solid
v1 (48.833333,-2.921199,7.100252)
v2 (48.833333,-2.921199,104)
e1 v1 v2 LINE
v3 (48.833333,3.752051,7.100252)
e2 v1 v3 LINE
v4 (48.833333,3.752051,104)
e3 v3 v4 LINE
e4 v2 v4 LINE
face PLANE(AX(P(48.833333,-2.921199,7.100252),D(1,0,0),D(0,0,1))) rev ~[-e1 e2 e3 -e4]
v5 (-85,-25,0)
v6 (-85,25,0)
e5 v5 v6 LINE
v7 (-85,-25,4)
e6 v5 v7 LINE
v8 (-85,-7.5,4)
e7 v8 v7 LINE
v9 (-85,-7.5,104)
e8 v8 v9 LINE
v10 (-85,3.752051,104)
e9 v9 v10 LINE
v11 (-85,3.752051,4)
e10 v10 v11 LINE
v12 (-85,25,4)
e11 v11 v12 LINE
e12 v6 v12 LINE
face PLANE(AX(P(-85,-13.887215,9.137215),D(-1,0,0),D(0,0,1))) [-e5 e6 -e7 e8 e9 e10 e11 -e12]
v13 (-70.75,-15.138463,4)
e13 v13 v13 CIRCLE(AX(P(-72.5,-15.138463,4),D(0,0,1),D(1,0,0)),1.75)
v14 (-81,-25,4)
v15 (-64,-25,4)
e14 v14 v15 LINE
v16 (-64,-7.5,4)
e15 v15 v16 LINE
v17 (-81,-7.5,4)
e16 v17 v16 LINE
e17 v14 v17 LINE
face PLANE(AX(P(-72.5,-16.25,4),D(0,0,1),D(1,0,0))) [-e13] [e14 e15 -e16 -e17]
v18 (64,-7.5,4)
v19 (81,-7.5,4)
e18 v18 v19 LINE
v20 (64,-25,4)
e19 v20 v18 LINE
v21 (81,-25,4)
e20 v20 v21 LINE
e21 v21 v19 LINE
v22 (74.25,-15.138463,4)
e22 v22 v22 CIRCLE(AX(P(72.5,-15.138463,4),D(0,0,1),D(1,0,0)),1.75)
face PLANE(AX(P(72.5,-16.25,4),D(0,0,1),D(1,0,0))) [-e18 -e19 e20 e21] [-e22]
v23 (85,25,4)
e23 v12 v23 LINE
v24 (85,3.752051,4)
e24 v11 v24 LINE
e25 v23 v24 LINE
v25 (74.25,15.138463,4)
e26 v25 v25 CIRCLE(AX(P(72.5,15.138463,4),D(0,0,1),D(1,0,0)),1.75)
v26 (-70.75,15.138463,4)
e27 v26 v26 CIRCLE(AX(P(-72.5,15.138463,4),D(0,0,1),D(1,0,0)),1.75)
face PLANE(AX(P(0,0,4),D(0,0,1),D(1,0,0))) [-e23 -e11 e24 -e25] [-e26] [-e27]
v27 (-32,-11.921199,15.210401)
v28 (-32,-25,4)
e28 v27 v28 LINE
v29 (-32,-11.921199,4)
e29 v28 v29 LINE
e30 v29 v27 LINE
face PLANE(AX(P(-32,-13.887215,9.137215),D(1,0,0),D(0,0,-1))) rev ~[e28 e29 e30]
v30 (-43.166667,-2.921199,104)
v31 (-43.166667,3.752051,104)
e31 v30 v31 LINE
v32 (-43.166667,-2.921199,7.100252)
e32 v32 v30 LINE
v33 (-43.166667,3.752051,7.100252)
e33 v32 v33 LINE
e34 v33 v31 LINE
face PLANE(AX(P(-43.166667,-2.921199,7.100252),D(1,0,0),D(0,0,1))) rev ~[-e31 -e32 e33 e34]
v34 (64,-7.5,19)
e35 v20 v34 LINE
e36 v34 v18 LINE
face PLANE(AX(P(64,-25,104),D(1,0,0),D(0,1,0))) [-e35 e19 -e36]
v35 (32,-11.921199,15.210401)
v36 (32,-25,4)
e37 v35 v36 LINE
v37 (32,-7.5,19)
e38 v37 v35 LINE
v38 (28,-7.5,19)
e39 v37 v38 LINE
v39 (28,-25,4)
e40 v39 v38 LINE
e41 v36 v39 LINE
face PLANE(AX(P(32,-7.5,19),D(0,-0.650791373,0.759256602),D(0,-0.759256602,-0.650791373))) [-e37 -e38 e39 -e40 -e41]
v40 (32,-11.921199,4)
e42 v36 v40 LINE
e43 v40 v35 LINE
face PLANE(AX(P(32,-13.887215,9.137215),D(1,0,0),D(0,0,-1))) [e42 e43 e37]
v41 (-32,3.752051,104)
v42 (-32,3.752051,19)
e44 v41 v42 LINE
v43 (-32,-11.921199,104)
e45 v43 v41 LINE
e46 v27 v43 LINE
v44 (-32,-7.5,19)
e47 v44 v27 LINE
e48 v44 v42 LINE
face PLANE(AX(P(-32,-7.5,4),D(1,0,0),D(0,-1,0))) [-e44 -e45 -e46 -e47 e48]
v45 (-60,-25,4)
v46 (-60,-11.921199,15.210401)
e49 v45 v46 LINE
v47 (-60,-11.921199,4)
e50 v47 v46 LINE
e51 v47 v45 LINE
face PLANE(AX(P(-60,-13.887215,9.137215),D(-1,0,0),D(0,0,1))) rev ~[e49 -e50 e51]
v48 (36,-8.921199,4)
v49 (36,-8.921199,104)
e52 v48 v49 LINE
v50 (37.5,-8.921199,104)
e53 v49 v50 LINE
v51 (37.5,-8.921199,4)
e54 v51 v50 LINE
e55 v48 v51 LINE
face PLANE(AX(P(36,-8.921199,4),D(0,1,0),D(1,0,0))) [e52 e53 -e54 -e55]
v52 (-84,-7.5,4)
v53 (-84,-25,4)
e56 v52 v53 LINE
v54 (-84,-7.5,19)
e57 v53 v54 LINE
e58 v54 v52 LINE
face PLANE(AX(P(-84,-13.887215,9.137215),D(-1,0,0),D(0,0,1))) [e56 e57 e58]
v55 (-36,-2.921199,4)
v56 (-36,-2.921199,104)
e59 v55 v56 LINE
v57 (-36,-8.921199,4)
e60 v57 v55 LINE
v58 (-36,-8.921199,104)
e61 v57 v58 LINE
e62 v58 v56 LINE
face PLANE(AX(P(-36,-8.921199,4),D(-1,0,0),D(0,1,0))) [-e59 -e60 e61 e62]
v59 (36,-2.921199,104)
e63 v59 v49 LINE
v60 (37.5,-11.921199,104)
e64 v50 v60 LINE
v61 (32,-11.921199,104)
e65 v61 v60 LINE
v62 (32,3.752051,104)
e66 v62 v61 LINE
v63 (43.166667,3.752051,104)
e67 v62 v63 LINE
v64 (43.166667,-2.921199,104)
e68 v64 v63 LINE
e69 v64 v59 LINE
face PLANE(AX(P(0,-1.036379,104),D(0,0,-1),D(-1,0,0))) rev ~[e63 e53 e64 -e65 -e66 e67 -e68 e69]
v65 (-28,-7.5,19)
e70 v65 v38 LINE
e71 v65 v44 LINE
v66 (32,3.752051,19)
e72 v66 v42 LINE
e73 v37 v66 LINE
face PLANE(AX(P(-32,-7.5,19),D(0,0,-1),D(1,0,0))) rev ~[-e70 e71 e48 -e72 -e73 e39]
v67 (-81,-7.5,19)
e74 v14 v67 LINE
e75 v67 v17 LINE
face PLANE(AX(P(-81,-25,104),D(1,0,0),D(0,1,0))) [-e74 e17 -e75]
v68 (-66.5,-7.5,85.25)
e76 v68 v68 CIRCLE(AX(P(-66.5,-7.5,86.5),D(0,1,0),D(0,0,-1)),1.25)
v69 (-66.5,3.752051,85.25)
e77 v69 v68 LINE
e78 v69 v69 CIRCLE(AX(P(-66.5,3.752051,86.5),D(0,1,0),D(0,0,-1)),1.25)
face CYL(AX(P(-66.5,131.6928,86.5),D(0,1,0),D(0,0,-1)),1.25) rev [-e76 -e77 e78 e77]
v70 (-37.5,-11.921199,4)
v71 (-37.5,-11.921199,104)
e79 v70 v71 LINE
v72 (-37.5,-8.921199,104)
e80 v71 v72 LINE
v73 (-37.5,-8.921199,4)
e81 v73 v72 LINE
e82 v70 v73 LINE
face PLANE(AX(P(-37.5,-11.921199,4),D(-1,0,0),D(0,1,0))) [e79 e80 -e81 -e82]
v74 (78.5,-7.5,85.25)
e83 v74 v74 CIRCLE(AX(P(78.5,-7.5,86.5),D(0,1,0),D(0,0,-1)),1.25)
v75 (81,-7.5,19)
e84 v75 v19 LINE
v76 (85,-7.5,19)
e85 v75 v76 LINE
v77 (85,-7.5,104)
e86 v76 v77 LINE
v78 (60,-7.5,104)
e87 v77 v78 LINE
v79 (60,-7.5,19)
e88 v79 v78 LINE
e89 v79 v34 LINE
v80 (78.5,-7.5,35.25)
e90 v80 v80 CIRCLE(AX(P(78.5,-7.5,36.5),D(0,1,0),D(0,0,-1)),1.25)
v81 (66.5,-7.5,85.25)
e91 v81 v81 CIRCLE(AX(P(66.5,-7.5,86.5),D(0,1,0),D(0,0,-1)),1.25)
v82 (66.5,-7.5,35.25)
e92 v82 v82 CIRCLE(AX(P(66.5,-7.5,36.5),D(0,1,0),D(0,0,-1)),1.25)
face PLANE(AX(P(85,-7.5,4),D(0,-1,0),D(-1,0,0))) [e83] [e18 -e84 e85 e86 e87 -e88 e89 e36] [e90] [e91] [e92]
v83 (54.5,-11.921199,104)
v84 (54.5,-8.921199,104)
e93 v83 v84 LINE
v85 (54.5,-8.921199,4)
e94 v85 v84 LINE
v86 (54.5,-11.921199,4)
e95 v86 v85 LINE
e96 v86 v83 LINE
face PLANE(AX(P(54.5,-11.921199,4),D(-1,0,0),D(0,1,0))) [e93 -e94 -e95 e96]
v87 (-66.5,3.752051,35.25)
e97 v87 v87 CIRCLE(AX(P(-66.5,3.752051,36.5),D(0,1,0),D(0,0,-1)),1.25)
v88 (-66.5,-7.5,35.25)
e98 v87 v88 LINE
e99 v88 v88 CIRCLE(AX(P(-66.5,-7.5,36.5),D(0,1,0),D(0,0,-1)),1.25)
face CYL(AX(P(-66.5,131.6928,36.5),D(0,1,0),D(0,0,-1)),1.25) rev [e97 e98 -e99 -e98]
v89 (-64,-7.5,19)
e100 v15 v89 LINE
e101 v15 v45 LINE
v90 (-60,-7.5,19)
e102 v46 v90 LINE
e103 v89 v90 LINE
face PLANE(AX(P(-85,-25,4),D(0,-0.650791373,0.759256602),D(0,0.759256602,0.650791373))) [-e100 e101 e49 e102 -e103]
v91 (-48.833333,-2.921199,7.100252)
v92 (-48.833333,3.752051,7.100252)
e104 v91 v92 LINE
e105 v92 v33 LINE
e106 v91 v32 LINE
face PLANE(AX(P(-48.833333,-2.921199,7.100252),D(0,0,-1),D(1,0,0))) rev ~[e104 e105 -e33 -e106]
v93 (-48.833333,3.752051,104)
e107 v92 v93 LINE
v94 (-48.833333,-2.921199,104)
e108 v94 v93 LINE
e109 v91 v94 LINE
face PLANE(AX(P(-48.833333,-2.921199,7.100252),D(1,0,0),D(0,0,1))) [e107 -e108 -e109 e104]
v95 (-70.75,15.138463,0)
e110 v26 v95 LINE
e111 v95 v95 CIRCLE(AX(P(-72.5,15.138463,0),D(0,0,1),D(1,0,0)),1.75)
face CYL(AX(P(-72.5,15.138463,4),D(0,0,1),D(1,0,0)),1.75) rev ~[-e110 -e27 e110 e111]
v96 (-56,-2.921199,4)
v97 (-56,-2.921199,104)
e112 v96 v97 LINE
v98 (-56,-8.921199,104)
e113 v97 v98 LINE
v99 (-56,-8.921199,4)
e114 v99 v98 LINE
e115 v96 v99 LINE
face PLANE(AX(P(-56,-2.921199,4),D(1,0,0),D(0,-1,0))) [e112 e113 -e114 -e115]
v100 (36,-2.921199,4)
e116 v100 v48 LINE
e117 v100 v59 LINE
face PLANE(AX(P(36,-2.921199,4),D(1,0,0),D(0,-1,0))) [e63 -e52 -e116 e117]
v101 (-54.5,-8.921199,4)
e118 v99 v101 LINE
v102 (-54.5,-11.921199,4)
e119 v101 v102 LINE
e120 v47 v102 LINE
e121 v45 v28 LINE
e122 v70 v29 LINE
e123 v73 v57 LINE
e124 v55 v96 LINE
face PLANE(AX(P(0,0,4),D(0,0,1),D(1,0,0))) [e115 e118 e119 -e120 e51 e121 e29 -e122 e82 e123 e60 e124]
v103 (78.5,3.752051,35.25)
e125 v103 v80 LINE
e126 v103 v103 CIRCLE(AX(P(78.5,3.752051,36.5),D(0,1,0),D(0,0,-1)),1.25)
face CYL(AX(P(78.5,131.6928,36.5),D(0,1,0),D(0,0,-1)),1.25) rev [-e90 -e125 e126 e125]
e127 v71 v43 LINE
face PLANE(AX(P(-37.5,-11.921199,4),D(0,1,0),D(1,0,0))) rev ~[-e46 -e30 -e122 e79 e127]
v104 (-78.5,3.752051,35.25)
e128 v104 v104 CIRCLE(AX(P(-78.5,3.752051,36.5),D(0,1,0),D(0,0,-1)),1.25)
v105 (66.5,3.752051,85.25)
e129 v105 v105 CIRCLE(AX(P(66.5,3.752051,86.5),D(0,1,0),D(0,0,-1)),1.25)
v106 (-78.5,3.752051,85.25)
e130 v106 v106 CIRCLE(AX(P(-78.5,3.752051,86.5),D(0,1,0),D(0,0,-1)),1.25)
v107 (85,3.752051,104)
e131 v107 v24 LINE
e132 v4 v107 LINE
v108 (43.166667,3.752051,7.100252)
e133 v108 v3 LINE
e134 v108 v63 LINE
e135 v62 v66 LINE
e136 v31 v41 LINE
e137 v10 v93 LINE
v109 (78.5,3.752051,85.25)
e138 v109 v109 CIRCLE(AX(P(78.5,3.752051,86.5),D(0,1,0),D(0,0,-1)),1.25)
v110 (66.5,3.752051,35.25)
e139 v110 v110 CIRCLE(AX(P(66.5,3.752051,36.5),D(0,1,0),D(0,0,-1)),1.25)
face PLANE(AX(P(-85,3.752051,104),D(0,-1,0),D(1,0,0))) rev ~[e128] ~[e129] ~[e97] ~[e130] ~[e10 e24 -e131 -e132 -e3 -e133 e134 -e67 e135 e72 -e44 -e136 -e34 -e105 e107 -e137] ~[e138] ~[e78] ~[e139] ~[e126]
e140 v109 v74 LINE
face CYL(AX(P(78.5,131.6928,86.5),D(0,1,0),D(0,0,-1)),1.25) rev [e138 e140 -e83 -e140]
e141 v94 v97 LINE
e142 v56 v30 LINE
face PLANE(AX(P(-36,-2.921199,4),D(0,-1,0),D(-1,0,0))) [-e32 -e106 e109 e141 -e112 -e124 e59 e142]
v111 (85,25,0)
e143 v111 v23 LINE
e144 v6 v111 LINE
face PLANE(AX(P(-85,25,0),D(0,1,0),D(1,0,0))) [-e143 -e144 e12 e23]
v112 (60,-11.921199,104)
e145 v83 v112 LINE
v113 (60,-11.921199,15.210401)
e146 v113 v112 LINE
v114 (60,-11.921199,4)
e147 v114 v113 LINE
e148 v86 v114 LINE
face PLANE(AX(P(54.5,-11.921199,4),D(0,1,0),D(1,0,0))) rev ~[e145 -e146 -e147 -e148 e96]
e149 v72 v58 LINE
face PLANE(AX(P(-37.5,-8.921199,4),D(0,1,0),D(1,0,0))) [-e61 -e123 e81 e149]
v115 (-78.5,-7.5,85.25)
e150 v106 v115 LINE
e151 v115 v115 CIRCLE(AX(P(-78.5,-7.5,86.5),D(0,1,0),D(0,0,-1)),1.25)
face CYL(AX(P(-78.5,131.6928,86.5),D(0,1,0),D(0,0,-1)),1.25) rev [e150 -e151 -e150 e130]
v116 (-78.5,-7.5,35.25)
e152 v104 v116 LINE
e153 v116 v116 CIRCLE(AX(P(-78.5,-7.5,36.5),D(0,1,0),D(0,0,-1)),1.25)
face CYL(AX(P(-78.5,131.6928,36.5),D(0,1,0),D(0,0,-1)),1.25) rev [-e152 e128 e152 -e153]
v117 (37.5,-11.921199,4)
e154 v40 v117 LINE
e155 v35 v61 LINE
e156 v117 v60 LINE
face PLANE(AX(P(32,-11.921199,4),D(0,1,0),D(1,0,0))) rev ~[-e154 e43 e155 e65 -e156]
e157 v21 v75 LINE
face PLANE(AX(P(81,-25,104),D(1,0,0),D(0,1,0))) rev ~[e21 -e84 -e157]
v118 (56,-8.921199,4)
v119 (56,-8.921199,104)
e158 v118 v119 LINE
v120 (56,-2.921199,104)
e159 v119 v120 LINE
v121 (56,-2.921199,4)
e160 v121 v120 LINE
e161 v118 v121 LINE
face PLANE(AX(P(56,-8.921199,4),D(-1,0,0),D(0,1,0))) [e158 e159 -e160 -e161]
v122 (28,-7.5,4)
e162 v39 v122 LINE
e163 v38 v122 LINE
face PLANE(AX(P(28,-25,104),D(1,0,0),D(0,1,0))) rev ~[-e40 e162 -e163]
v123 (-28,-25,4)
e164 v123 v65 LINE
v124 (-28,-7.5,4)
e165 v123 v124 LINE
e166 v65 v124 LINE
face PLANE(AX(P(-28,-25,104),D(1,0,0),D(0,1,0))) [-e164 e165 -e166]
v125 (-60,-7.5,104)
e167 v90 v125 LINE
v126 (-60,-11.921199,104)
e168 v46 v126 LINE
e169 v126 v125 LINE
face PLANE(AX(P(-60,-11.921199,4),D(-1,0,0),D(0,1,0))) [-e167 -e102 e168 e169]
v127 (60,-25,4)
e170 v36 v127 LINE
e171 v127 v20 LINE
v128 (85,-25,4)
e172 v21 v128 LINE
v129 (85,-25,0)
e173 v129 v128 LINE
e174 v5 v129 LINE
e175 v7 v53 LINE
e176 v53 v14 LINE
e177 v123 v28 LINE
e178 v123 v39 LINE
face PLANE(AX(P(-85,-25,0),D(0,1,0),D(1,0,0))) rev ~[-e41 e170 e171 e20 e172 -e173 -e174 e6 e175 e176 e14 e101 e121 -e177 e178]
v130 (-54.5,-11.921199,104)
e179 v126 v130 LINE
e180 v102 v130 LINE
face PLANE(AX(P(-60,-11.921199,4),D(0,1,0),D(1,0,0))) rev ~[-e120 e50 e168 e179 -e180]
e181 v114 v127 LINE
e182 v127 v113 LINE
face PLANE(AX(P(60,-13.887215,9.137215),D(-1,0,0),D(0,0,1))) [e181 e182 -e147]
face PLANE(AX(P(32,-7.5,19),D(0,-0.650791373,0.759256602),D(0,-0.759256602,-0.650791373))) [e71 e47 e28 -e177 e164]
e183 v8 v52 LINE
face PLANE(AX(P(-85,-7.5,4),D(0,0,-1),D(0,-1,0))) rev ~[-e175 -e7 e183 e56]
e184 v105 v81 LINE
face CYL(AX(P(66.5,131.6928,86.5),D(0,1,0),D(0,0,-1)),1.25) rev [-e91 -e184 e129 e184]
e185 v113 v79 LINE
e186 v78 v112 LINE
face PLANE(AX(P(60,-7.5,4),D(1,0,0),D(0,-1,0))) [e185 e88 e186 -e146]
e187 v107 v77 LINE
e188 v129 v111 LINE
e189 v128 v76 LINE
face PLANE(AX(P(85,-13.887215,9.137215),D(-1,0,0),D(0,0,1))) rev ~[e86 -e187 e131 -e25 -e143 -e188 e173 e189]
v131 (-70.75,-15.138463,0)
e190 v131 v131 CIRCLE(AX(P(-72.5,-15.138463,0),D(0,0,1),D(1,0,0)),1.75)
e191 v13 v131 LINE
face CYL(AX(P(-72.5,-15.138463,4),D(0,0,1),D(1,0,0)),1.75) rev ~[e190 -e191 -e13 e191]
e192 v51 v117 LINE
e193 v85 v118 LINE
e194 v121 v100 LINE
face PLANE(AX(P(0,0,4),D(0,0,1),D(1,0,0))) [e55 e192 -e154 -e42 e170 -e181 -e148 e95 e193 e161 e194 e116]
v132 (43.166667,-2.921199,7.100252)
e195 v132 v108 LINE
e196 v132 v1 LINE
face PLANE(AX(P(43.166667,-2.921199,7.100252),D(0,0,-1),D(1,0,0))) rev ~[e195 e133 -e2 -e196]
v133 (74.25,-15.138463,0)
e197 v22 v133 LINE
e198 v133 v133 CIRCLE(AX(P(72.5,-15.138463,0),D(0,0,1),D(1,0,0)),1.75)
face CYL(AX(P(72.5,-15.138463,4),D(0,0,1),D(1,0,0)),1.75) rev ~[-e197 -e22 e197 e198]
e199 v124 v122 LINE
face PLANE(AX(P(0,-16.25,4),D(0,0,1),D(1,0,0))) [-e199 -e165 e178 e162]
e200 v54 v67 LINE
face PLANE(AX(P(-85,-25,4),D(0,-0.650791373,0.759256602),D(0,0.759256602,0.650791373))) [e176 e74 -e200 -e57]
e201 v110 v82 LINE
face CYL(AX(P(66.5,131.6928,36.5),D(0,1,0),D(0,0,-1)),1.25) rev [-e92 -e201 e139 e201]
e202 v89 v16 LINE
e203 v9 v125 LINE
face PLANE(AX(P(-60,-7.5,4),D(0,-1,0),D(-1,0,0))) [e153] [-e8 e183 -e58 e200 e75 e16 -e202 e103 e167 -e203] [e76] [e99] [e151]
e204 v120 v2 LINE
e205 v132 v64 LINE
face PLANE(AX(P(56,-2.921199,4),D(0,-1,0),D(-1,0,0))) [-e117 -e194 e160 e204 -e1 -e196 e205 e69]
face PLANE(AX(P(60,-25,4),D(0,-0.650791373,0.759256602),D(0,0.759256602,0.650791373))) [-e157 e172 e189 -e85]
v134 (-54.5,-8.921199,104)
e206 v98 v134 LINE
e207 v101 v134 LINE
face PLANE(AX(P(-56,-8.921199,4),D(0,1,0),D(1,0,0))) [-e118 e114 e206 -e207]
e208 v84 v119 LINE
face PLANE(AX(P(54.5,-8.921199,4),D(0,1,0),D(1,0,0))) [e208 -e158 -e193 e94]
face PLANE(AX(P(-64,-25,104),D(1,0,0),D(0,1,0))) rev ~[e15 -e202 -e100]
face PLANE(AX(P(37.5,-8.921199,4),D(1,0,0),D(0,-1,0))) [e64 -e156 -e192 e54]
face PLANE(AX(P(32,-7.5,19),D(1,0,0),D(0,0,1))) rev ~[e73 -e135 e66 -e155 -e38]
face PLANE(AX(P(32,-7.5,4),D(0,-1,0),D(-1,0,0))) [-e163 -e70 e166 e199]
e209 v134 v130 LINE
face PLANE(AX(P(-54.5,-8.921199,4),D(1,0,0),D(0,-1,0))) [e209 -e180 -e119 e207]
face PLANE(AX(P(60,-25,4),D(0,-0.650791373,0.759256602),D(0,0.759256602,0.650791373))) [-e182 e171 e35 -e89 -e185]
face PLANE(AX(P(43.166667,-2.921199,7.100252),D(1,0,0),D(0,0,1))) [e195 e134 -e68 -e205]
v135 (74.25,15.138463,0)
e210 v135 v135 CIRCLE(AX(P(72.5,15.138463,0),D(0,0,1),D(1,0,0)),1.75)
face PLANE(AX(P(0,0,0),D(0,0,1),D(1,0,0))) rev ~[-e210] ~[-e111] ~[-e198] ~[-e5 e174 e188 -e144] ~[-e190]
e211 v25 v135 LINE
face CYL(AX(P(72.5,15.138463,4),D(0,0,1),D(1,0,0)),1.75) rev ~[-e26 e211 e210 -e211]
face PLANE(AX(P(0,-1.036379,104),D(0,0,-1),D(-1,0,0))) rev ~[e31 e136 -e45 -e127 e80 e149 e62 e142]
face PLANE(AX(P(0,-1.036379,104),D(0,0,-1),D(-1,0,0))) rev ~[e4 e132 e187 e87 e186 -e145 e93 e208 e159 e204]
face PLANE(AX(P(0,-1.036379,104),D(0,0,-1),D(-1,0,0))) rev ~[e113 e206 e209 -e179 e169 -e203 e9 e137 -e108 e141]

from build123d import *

# Parameters (mm, degrees)
CROQUIS1_W                  = 170
CROQUIS1_H                  = 50
SALIENTE_EXTRUIR1_DEPTH     = 4
SALIENTE_EXTRUIR2_DEPTH     = 100
SALIENTE_EXTRUIR3_DEPTH     = 25
SALIENTE_EXTRUIR4_DEPTH     = 64
SALIENTE_EXTRUIR5_DEPTH     = 25
CROQUIS9_W                  = 17
CROQUIS9_H                  = 17.5
CROQUIS9_W_2                = 56
CORTAR_EXTRUIR1_DEPTH       = 100
CROQUIS11_W                 = 64
CROQUIS11_H                 = 85
CORTAR_EXTRUIR4_DEPTH       = 15
CROQUIS12_R                 = 1.75
CORTAR_EXTRUIR5_DEPTH       = 15
CORTAR_EXTRUIR6_DEPTH       = 1
CROQUIS16_W                 = 170
CROQUIS16_H                 = 3.747948586
CORTAR_EXTRUIR7_DEPTH       = 100
CORTAR_EXTRUIR10_DEPTH      = 139.192800102
CORTAR_EXTRUIR10_DEPTH_BACK = 139.192800102
CROQUIS20_R                 = 1.25
CROQUIS21_W                 = 5.666666666
CROQUIS21_H                 = 96.899748192
CORTAR_EXTRUIR11_DEPTH      = 10


with BuildPart() as part:
    # Croquis1 → Saliente-Extruir1 (new body)
    with BuildSketch(Plane.XY):
        Rectangle(CROQUIS1_W, CROQUIS1_H)
    extrude(amount=SALIENTE_EXTRUIR1_DEPTH)

    # Croquis3 → Saliente-Extruir2 (add)
    with BuildSketch(Plane.XY.offset(4)):
        Polygon((-85, 7.5), (85, 7.5), (85, -7.5), (60, -7.5), (60, -11.921199344), (56, -11.921199344), (54.5, -11.921199344), (54.5, -8.921199344), (56, -8.921199344), (56, -2.921199344), (36, -2.921199344), (36, -8.921199344), (37.5, -8.921199344), (37.5, -11.921199344), (36, -11.921199344), (32, -11.921199344), (32, -7.5), (-32, -7.5), (-32, -11.921199344), (-36, -11.921199344), (-37.5, -11.921199344), (-37.5, -8.921199344), (-36, -8.921199344), (-36, -2.921199344), (-56, -2.921199344), (-56, -8.921199344), (-54.5, -8.921199344), (-54.5, -11.921199344), (-56, -11.921199344), (-60, -11.921199344), (-60, -7.5), (-85, -7.5), align=None)
    extrude(amount=SALIENTE_EXTRUIR2_DEPTH)

    # Croquis4 → Saliente-Extruir3 (add)
    with BuildSketch(Plane.ZY.offset(85)):
        Polygon((4, -25), (19, -7.5), (4, -7.5), align=None)
    extrude(amount=-SALIENTE_EXTRUIR3_DEPTH)

    # Croquis5 → Saliente-Extruir4 (add)
    with BuildSketch(Plane.ZY.offset(-32)):
        Polygon((19, -7.5), (4, -25), (4, -7.5), align=None)
    extrude(amount=SALIENTE_EXTRUIR4_DEPTH)

    # Croquis7 → Saliente-Extruir5 (add)
    with BuildSketch(Plane(origin=(60, 0, 0), x_dir=(0, 0, -1), z_dir=(1, 0, 0))):
        Polygon((-4, -25), (-19, -7.5), (-4, -7.5), align=None)
    extrude(amount=SALIENTE_EXTRUIR5_DEPTH)

    # Croquis9 → Cortar-Extruir1 (cut)
    with BuildSketch(Plane.XY.offset(104)):
        with Locations((-72.5, -16.25)):
            Rectangle(CROQUIS9_W, CROQUIS9_H)
        with Locations((0, -16.25)):
            Rectangle(CROQUIS9_W_2, CROQUIS9_H)
        with Locations((72.5, -16.25)):
            Rectangle(CROQUIS9_W, CROQUIS9_H)
    extrude(amount=-CORTAR_EXTRUIR1_DEPTH, mode=Mode.SUBTRACT)

    # Croquis11 → Cortar-Extruir4 (cut)
    with BuildSketch(Plane.XZ.offset(7.5)):
        with Locations((0, 61.5)):
            Rectangle(CROQUIS11_W, CROQUIS11_H)
    extrude(amount=-CORTAR_EXTRUIR4_DEPTH, mode=Mode.SUBTRACT)

    # Croquis12 → Cortar-Extruir5 (cut)
    with BuildSketch(Plane.XY.offset(4)):
        with Locations((-72.5, 15.138462845)):
            Circle(CROQUIS12_R)
        with Locations((-72.5, -15.138462845)):
            Circle(CROQUIS12_R)
        with Locations((72.5, -15.138462845)):
            Circle(CROQUIS12_R)
        with Locations((72.5, 15.138462845)):
            Circle(CROQUIS12_R)
    extrude(amount=-CORTAR_EXTRUIR5_DEPTH, mode=Mode.SUBTRACT)

    # Croquis14 → Cortar-Extruir6 (cut)
    with BuildSketch(Plane.ZY.offset(85)):
        Polygon((19, -7.5), (4, -7.5), (4, -25), align=None)
    extrude(amount=-CORTAR_EXTRUIR6_DEPTH, mode=Mode.SUBTRACT)

    # Croquis16 → Cortar-Extruir7 (cut)
    with BuildSketch(Plane.XY.offset(104)):
        with Locations((0, 5.626025707)):
            Rectangle(CROQUIS16_W, CROQUIS16_H)
    extrude(amount=-CORTAR_EXTRUIR7_DEPTH, mode=Mode.SUBTRACT)

    # Croquis20 → Cortar-Extruir10 (cut, two sides: drawn at the far end of the back side and taken through both)
    with BuildSketch(Plane.XZ.offset(7.5).offset(-CORTAR_EXTRUIR10_DEPTH_BACK)):
        with Locations(Location((-78.5, 86.5, 0), (0, 0, 270))):
            Circle(CROQUIS20_R)
        with Locations(Location((-66.5, 86.5, 0), (0, 0, 270))):
            Circle(CROQUIS20_R)
        with Locations(Location((-66.5, 36.5, 0), (0, 0, 270))):
            Circle(CROQUIS20_R)
        with Locations(Location((-78.5, 36.5, 0), (0, 0, 270))):
            Circle(CROQUIS20_R)
        with Locations(Location((66.5, 36.5, 0), (0, 0, 270))):
            Circle(CROQUIS20_R)
        with Locations(Location((78.5, 36.5, 0), (0, 0, 270))):
            Circle(CROQUIS20_R)
        with Locations(Location((66.5, 86.5, 0), (0, 0, 270))):
            Circle(CROQUIS20_R)
        with Locations(Location((78.5, 86.5, 0), (0, 0, 270))):
            Circle(CROQUIS20_R)
    extrude(amount=CORTAR_EXTRUIR10_DEPTH + CORTAR_EXTRUIR10_DEPTH_BACK, mode=Mode.SUBTRACT)

    # Croquis21 → Cortar-Extruir11 (cut)
    with BuildSketch(Plane.XZ.offset(2.921199344)):
        with Locations((-46, 55.550125904)):
            Rectangle(CROQUIS21_W, CROQUIS21_H)
        with Locations((46, 55.550125904)):
            Rectangle(CROQUIS21_W, CROQUIS21_H)
    extrude(amount=-CORTAR_EXTRUIR11_DEPTH, mode=Mode.SUBTRACT)


solid = part.part
